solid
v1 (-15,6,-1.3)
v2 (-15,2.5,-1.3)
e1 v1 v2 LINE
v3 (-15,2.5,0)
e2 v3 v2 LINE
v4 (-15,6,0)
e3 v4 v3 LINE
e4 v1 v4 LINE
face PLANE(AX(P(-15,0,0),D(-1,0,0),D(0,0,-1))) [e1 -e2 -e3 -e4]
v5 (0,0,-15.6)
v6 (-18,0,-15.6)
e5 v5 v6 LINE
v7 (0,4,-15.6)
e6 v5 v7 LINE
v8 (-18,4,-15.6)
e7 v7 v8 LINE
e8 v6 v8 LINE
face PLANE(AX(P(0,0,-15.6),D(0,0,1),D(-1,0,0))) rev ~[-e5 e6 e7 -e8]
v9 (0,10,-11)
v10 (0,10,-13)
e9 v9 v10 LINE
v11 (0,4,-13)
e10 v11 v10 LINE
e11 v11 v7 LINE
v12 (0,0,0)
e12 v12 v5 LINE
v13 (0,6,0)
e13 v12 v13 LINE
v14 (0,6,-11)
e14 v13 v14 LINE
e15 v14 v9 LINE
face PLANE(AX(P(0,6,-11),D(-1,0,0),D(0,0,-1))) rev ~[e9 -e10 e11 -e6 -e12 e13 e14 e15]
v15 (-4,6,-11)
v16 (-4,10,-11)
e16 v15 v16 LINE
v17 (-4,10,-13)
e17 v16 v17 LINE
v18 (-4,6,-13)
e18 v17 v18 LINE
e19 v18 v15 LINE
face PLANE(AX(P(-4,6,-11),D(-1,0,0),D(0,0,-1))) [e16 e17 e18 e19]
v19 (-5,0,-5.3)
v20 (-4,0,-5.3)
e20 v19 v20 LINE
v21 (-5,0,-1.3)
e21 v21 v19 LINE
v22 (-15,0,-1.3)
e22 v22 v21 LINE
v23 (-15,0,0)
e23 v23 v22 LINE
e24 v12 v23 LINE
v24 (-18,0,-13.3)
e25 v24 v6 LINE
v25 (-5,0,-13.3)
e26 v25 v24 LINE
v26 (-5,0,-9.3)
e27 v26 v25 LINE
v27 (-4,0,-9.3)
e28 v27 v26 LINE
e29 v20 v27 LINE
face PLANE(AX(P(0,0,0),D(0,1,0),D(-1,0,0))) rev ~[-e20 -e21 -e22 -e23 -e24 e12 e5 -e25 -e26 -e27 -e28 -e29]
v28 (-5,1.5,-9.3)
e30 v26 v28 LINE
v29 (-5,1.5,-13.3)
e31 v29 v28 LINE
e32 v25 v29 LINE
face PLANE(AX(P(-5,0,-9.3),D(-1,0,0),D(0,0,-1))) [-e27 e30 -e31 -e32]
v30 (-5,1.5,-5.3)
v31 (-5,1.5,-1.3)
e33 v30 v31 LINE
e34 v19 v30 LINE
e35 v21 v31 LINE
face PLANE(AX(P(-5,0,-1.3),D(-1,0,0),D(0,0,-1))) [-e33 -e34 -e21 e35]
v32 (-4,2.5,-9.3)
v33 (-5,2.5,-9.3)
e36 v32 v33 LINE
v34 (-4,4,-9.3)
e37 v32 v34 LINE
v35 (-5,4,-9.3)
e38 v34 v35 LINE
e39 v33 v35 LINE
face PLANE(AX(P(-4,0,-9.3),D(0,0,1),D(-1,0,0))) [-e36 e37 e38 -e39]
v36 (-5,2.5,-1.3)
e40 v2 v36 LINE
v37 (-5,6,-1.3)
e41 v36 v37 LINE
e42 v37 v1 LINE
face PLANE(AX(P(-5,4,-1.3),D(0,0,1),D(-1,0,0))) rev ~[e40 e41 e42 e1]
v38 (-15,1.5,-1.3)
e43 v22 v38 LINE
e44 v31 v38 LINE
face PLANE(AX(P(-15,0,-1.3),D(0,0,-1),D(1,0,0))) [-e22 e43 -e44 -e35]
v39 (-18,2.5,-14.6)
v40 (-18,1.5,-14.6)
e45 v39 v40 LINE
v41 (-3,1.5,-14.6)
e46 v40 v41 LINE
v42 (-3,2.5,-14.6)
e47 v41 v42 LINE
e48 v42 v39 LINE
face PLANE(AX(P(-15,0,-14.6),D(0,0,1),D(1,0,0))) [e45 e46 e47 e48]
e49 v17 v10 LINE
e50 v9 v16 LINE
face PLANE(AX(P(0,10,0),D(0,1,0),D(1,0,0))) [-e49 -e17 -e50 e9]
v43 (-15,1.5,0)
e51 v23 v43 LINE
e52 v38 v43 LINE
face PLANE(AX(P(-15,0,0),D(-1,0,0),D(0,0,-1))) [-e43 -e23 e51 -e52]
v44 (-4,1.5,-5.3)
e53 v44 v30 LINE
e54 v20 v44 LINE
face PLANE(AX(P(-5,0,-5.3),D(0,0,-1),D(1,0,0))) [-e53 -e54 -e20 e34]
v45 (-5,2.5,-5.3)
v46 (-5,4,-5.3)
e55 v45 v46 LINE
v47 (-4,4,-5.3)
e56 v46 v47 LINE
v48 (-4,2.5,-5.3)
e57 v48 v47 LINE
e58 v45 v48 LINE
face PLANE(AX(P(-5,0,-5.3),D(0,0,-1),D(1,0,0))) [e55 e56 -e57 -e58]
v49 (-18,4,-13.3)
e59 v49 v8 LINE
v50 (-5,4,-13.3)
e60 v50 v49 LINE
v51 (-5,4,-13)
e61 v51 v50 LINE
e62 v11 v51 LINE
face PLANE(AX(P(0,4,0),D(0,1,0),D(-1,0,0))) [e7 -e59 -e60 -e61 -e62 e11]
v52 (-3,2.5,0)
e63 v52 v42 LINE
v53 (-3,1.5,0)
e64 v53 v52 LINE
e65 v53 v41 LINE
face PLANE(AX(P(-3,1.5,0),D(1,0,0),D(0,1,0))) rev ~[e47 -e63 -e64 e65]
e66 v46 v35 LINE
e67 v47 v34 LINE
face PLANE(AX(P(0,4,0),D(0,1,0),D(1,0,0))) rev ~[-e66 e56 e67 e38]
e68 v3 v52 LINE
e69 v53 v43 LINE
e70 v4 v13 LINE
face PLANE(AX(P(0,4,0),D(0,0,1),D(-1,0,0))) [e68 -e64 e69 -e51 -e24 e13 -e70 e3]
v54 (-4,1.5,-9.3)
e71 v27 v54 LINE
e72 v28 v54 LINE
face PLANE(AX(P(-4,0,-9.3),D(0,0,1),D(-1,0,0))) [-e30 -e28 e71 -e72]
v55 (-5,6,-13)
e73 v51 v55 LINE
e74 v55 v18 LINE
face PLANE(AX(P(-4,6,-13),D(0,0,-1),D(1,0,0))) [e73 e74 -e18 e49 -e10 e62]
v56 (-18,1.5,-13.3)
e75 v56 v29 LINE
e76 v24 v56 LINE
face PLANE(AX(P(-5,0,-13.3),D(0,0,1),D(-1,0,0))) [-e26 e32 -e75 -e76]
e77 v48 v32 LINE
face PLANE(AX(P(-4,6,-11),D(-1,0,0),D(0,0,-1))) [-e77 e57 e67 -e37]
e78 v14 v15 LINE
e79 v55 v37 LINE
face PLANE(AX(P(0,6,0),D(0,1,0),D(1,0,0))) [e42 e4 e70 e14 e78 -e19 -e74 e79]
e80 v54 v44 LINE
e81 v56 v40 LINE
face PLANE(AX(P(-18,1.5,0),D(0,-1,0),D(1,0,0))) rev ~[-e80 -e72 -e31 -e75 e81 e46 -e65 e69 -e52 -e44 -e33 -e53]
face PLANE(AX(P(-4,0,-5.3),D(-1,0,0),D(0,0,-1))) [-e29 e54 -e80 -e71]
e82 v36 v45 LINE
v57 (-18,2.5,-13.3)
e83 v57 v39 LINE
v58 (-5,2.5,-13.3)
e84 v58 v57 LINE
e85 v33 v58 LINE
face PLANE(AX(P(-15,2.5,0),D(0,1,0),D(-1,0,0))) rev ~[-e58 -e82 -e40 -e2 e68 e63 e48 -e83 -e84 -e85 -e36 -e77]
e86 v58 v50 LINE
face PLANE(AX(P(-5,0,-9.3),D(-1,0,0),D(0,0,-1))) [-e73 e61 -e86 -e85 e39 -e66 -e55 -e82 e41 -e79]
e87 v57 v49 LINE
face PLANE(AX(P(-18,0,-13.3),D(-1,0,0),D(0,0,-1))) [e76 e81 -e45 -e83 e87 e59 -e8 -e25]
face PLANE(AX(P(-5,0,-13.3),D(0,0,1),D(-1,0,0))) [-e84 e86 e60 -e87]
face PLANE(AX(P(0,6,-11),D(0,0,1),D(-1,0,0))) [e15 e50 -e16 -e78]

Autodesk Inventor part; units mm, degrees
ref_plane "YZ Plane" through (0, 0, 0) normal (1, 0, 0) x (0, 1, 0)
ref_plane "XZ Plane" through (0, 0, 0) normal (0, 1, 0) x (-1, 0, 0)
ref_plane "XY Plane" through (0, 0, 0) normal (0, 0, 1) x (1, 0, 0)
sketch "스케치1" plane through (0, 0, 0) normal (0, 1, 0) x (-1, 0, 0)
  line L0 (0, 0) -> (0, -15.6)
  line L1 (0, -15.6) -> (18, -15.6)
  line L2 (0, 0) -> (15, 0)
  line L3 (15, 0) -> (15, -1.3)
  line L4 (15, -1.3) -> (5, -1.3)
  line L5 (5, -1.3) -> (5, -5.3)
  line L6 (5, -5.3) -> (4, -5.3)
  line L7 (4, -5.3) -> (4, -9.3)
  line L8 (4, -9.3) -> (5, -9.3)
  line L9 (5, -9.3) -> (5, -13.3)
  line L10 (5, -13.3) -> (18, -13.3)
  line L11 (18, -13.3) -> (18, -15.6)
  line L12 (3, 0) -> (19.1, 0) construction
  line L13 (19.1, 0) -> (19.1, -14.6) construction
  line L14 (19.1, -14.6) -> (3, -14.6) construction
  line L15 (3, -14.6) -> (3, 0) construction
  line L16 (19.1, -7.3) -> (3, -7.3) construction
  dimension "d0" = 15.6
  dimension "d1" = 18
  dimension "d2" = 15
  dimension "d3" = 1.3
  dimension "d4" = 10
  dimension "d5" = 4
  dimension "d6" = 1
  dimension "d7" = 4
  dimension "d8" = 1
  dimension "d9" = 4
  dimension "d10" = 13
  dimension "d18" = 16.1
  dimension "d19" = 14.6
  dimension "d20" = 3
  dimension "d21" = 1
extrude "돌출1" add sketch "스케치1" along normal blind 4
sketch "스케치2" plane through (-15, 0, 0) normal (0, 0, 1) x (1, 0, 0)
  line L0 (-3, 1.5) -> (12, 1.5)
  line L1 (12, 1.5) -> (12, 2.5)
  line L2 (12, 2.5) -> (-3, 2.5)
  line L3 (-3, 2.5) -> (-3, 1.5)
  line L4 (15, 0) -> (15, 4) projected
  line L5 (0, 0) -> (0, 4) projected
  line L6 (0, 0) -> (15, 0) projected
  line L7 (-3, 0) -> (-3, 4) projected
  dimension "d13" = 1
  dimension "d14" = 3
  dimension "d15" = 1.5
extrude "돌출2" cut sketch "스케치2" against normal blind 14.6
sketch "스케치3" plane through (0, 4, 0) normal (0, 1, 0) x (1, 0, 0)
  line L0 (0, 0) -> (0, 15.6) projected
  line L1 (0, 15.6) -> (-18, 15.6) projected
  line L2 (0, 0) -> (-4, 0)
  line L3 (-4, 0) -> (-4, 13)
  line L4 (-4, 13) -> (0, 13)
  line L5 (0, 13) -> (0, 0)
  line L6 (-15, 0) -> (0, 0) projected
  point P0 (-3, 0)
  dimension "d22" = 4
  dimension "d23" = 13
extrude "돌출3" add sketch "스케치3" along normal blind 2
sketch "스케치4" plane through (0, 6, 0) normal (0, 1, 0) x (1, 0, 0)
  line L0 (0, 0) -> (0, 15.6) projected
  line L1 (-4, 13) -> (0, 13)
  line L2 (0, 13) -> (0, 11)
  line L3 (0, 11) -> (-4, 11)
  line L4 (-4, 11) -> (-4, 13)
  line L5 (0, 0) -> (0, 13) projected
  line L6 (0, 13) -> (-4, 13) projected
  line L7 (-4, 13) -> (-4, 0) projected
  line L8 (-4, 0) -> (0, 0) projected
  dimension "d26" = 2
extrude "돌출4" add sketch "스케치4" along normal blind 4 contours L3 L4 L1 L0
sketch "스케치5" plane through (0, 4, 0) normal (0, 1, 0) x (1, 0, 0)
  line L0 (-4, 0) -> (-4, 5.3) projected
  line L1 (-4, 5.3) -> (-5, 5.3) projected
  line L2 (-5, 5.3) -> (-5, 1.3) projected
  line L3 (-5, 1.3) -> (-15, 1.3) projected
  line L4 (-15, 1.3) -> (-15, 0) projected
  line L5 (-15, 0) -> (-4, 0) projected
  line L6 (-4, 9.3) -> (-4, 13) projected
  line L7 (-4, 13) -> (0, 13) projected
  line L8 (0, 13) -> (0, 15.6) projected
  line L9 (0, 15.6) -> (-18, 15.6) projected
  line L10 (-18, 15.6) -> (-18, 13.3) projected
  line L11 (-18, 13.3) -> (-5, 13.3) projected
  line L12 (-5, 13.3) -> (-5, 9.3) projected
  line L13 (-5, 9.3) -> (-4, 9.3) projected
  line L14 (-4, 0) -> (-5, 0)
  line L15 (-5, 0) -> (-5, 13)
  line L16 (-5, 13) -> (-4, 13)
  line L17 (-4, 13) -> (-4, 0)
  point P0 (0, 0)
  dimension "d31" = 13
extrude "돌출5" add sketch "스케치5" along normal blind 2 contours L5 L15 L2 L1 L0 | L1 L15 L13 L17 | L5 L4 L3 L15 | L13 L12 L16 L6
properties part number "PCB_Holder"
